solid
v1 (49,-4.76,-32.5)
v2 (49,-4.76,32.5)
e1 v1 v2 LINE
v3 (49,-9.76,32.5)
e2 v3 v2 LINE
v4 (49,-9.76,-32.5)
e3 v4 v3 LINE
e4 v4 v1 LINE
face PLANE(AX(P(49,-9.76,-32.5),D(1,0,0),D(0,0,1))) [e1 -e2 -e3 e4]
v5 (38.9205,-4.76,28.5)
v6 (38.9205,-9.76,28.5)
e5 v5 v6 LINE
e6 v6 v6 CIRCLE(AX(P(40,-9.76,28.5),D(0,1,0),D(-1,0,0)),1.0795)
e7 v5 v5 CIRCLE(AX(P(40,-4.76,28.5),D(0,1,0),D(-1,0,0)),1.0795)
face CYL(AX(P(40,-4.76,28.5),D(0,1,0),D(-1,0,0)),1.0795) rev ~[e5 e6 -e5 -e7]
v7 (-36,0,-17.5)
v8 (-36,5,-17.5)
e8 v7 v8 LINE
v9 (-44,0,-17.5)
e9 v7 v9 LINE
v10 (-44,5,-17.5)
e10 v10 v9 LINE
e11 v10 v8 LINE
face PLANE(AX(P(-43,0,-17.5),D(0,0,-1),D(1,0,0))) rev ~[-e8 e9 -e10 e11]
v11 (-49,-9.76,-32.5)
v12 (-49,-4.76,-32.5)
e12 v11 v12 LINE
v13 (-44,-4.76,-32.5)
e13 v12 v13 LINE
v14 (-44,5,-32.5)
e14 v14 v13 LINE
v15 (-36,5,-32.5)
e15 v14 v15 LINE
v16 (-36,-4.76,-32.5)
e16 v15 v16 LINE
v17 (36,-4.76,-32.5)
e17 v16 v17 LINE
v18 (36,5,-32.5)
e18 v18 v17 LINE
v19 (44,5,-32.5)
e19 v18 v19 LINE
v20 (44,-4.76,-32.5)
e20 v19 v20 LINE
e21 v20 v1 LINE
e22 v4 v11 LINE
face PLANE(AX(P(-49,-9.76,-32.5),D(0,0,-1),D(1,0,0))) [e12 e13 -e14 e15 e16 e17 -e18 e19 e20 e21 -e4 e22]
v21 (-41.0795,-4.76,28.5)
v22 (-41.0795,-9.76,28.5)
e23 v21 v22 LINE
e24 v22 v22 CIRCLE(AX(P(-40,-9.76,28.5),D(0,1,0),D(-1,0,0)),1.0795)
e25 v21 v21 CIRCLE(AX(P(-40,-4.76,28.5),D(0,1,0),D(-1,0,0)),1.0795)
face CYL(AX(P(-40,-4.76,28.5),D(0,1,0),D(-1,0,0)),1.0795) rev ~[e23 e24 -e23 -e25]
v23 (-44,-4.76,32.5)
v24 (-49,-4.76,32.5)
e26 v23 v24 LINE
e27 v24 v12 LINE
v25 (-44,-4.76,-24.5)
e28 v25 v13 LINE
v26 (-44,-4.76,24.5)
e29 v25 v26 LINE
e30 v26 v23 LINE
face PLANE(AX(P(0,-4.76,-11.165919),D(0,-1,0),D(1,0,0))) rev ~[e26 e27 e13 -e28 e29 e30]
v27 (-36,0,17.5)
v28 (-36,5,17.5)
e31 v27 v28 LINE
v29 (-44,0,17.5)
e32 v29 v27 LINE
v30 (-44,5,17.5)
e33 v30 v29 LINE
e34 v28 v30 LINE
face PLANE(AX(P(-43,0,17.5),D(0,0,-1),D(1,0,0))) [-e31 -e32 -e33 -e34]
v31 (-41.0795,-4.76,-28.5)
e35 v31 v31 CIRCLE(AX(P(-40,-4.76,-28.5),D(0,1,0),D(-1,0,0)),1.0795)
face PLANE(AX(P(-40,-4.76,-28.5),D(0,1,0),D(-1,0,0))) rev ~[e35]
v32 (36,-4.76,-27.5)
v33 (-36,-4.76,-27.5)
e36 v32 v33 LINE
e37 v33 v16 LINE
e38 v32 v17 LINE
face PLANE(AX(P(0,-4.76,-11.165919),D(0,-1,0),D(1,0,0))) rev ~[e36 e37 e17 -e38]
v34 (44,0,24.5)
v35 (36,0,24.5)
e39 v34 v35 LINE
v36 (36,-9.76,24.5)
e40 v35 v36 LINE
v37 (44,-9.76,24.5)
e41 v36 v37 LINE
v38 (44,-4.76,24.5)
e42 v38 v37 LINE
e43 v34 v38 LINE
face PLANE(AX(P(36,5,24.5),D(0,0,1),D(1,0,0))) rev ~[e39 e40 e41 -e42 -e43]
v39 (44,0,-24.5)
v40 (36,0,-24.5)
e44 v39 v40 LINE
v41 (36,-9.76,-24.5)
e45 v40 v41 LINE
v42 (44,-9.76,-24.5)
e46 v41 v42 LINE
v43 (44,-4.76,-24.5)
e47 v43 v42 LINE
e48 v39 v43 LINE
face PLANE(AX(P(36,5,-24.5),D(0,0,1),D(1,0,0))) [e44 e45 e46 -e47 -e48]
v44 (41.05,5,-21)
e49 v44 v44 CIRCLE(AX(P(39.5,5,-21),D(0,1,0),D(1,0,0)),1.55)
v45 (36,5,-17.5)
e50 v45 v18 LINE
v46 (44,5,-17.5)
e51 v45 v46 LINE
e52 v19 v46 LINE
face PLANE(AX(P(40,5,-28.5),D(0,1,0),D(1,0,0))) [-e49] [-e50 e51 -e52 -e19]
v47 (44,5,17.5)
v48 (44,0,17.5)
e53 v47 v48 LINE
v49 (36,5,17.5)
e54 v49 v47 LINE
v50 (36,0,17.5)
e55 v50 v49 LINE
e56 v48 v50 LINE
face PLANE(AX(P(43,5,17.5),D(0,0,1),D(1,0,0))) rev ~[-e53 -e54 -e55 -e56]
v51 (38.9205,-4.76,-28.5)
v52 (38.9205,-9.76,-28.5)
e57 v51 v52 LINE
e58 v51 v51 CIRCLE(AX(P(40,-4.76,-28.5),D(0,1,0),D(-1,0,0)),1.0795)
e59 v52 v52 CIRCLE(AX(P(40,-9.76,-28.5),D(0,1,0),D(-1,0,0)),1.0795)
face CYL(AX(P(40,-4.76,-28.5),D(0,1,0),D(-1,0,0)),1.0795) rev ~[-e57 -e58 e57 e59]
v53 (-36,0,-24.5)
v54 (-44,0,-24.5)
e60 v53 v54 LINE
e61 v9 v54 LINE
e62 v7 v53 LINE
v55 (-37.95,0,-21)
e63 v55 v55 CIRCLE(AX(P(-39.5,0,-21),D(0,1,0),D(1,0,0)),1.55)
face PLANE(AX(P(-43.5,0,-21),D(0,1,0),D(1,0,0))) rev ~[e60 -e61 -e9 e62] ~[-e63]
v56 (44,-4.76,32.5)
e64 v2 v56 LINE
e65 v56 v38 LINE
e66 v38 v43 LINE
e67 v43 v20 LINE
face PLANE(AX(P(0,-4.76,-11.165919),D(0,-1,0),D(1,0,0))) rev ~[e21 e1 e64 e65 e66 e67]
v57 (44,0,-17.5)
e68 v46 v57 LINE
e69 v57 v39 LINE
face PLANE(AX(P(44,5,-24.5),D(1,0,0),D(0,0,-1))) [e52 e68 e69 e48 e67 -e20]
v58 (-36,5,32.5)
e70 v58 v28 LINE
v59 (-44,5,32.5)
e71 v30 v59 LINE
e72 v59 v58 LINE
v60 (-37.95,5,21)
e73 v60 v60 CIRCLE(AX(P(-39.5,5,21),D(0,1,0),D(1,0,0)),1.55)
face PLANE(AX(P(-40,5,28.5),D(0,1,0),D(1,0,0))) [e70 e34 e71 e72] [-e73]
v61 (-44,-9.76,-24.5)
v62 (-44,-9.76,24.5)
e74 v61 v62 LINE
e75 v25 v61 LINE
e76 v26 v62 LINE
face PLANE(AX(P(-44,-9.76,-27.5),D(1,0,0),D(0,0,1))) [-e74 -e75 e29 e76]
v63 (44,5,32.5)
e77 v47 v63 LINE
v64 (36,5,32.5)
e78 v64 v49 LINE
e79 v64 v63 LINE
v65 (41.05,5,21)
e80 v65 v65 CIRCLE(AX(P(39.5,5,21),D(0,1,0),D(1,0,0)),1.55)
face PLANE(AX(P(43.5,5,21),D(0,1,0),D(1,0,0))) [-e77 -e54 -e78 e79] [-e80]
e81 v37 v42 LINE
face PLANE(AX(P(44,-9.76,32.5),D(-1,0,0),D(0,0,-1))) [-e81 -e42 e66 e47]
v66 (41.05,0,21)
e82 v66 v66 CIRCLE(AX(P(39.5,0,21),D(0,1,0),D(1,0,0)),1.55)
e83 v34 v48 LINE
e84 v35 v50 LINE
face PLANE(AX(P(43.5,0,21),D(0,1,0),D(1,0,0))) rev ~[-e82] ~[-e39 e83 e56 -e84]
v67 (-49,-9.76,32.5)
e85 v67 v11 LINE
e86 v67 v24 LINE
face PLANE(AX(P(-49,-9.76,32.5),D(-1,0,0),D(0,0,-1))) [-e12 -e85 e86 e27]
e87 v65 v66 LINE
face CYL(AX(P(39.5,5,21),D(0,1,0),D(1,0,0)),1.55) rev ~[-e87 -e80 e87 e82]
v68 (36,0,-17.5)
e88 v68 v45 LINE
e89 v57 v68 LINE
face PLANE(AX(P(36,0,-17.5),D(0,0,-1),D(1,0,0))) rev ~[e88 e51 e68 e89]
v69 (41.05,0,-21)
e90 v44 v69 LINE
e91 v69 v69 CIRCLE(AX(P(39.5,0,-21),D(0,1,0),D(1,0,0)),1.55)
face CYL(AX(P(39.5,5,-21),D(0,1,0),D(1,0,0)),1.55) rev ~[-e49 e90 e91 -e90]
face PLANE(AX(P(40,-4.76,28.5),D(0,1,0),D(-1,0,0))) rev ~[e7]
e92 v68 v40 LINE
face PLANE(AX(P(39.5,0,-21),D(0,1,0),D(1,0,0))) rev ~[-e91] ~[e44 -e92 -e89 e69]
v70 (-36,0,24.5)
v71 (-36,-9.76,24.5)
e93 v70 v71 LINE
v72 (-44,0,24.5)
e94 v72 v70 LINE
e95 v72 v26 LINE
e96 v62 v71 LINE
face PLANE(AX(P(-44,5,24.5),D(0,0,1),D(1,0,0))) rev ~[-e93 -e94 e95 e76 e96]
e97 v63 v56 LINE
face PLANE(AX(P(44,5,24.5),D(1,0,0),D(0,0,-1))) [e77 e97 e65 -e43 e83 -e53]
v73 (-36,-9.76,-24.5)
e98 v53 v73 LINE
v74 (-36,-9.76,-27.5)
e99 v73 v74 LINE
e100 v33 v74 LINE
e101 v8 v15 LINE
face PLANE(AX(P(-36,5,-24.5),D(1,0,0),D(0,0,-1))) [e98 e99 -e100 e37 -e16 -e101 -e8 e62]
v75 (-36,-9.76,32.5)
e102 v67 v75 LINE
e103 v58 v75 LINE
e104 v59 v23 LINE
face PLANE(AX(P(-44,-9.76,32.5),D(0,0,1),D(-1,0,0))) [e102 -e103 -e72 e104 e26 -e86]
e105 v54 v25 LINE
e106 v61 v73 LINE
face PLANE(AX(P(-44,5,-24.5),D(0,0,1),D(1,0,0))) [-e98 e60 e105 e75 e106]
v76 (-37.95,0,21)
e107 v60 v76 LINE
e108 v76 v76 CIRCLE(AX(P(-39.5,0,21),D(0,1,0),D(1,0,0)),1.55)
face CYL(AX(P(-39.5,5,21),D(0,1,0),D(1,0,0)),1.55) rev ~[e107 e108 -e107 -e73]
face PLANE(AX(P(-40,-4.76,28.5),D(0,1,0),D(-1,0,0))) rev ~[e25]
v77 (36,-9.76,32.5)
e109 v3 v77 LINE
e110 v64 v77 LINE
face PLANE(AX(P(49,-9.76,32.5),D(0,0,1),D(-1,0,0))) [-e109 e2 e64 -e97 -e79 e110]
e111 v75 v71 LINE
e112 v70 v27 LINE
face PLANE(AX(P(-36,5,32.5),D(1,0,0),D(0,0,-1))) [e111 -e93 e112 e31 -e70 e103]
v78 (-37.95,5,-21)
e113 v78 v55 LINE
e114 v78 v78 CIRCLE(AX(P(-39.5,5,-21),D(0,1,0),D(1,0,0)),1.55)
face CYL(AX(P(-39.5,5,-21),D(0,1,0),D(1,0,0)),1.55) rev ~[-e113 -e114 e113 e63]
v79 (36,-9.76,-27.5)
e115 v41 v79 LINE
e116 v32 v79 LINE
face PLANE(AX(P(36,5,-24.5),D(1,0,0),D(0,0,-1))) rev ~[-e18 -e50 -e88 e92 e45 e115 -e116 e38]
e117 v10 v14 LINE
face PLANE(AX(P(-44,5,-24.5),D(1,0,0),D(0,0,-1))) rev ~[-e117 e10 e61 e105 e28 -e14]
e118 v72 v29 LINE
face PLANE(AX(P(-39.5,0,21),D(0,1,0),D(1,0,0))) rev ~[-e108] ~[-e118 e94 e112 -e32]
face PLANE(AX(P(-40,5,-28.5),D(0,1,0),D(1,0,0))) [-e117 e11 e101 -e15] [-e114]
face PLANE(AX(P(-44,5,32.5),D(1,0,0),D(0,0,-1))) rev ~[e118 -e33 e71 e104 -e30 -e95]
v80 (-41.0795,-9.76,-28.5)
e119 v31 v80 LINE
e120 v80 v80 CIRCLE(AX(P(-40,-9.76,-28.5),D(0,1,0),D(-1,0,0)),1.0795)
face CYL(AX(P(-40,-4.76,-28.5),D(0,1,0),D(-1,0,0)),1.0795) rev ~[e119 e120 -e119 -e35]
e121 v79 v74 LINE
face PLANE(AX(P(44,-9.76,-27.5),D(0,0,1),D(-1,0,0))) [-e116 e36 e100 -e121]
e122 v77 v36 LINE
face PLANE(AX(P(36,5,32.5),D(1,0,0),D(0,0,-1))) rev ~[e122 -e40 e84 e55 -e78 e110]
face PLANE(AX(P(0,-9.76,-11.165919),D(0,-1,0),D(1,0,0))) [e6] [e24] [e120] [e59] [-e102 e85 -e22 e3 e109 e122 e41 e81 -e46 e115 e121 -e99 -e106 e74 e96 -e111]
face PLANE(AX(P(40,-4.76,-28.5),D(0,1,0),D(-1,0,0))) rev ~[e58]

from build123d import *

# Parameters (mm, degrees)
SKETCH1_W             = 7
SKETCH1_H             = 7
BOSS_EXTRUDE1_DEPTH   = 5
BOSS_EXTRUDE1_2_DEPTH = 5
BOSS_EXTRUDE1_3_DEPTH = 5
BOSS_EXTRUDE1_4_DEPTH = 5
SKETCH2_R             = 1.55
CUT_EXTRUDE1_DEPTH    = 6
SKETCH4_W             = 8
SKETCH4_H             = 8
BOSS_EXTRUDE3_DEPTH   = 14.76
BOSS_EXTRUDE4_DEPTH   = 5
SKETCH6_R             = 1.0795
CUT_EXTRUDE2_DEPTH    = 10
SKETCH7_W             = 1
SKETCH7_H             = 7
BOSS_EXTRUDE5_DEPTH   = 5


with BuildPart() as part:
    # Sketch1 → Boss-Extrude1 (new body)
    with BuildSketch(Plane(origin=(0, 0, 0), x_dir=(1, 0, 0), z_dir=(0, 1, 0))):
        with Locations((-39.5, 21)):
            Rectangle(SKETCH1_W, SKETCH1_H)
    extrude(amount=BOSS_EXTRUDE1_DEPTH)


with BuildPart() as body_2:
    # Sketch1 → Boss-Extrude1 2 (new body)
    with BuildSketch(Plane(origin=(0, 0, 0), x_dir=(1, 0, 0), z_dir=(0, 1, 0))):
        with Locations((39.5, 21)):
            Rectangle(SKETCH1_W, SKETCH1_H)
    extrude(amount=BOSS_EXTRUDE1_2_DEPTH)


with BuildPart() as body_3:
    # Sketch1 → Boss-Extrude1 3 (new body)
    with BuildSketch(Plane(origin=(0, 0, 0), x_dir=(1, 0, 0), z_dir=(0, 1, 0))):
        with Locations((-39.5, -21)):
            Rectangle(SKETCH1_W, SKETCH1_H)
    extrude(amount=BOSS_EXTRUDE1_3_DEPTH)


with BuildPart() as body_4:
    # Sketch1 → Boss-Extrude1 4 (new body)
    with BuildSketch(Plane(origin=(0, 0, 0), x_dir=(1, 0, 0), z_dir=(0, 1, 0))):
        with Locations((39.5, -21)):
            Rectangle(SKETCH1_W, SKETCH1_H)
    extrude(amount=BOSS_EXTRUDE1_4_DEPTH)


with BuildPart() as cut_extrude1_tool:
    # Sketch2 → Cut-Extrude1 (new body, through all)
    with BuildSketch(Plane(origin=(0, 5, 0), x_dir=(1, 0, 0), z_dir=(0, 1, 0))):
        with Locations((-39.5, 21)):
            Circle(SKETCH2_R)
        with Locations((39.5, 21)):
            Circle(SKETCH2_R)
        with Locations((39.5, -21)):
            Circle(SKETCH2_R)
        with Locations((-39.5, -21)):
            Circle(SKETCH2_R)
    extrude(amount=-CUT_EXTRUDE1_DEPTH)


with BuildPart() as part_1:
    add(part.part)

    # Cut-Extrude1: cut by cut_extrude1_tool
    add(cut_extrude1_tool.part, mode=Mode.SUBTRACT)



with BuildPart() as body_2_1:
    add(body_2.part)

    # Cut-Extrude1: cut by cut_extrude1_tool
    add(cut_extrude1_tool.part, mode=Mode.SUBTRACT)


with BuildPart() as body_3_1:
    add(body_3.part)

    # Cut-Extrude1: cut by cut_extrude1_tool
    add(cut_extrude1_tool.part, mode=Mode.SUBTRACT)


with BuildPart() as body_4_1:
    add(body_4.part)

    # Cut-Extrude1: cut by cut_extrude1_tool
    add(cut_extrude1_tool.part, mode=Mode.SUBTRACT)


with BuildPart() as part_2:
    add(part_1.part)

    add(body_2_1.part)  # Boss-Extrude3 merges body 2

    add(body_3_1.part)  # Boss-Extrude3 merges body 3

    add(body_4_1.part)  # Boss-Extrude3 merges body 4
    # Sketch4 → Boss-Extrude3 (add)
    with BuildSketch(Plane(origin=(0, 5, 0), x_dir=(1, 0, 0), z_dir=(0, 1, 0))):
        with Locations((40, 28.5)):
            Rectangle(SKETCH4_W, SKETCH4_H)
        with Locations((40, -28.5)):
            Rectangle(SKETCH4_W, SKETCH4_H)
        with Locations((-40, -28.5)):
            Rectangle(SKETCH4_W, SKETCH4_H)
        with Locations((-40, 28.5)):
            Rectangle(SKETCH4_W, SKETCH4_H)
    extrude(amount=-BOSS_EXTRUDE3_DEPTH)

    # Sketch5 → Boss-Extrude4 (add)
    with BuildSketch(Plane.XZ.offset(9.76)):
        Polygon((-49, 32.5), (-49, -32.5), (49, -32.5), (49, 32.5), (44, 32.5), (44, -27.5), (-44, -27.5), (-44, 32.5), align=None)
    extrude(amount=-BOSS_EXTRUDE4_DEPTH)

    # Sketch6 → Cut-Extrude2 (cut)
    with BuildSketch(Plane(origin=(0, -4.76, 0), x_dir=(-1, 0, 0), z_dir=(0, 1, 0))):
        with Locations((40, 28.5)):
            Circle(SKETCH6_R)
        with Locations((40, -28.5)):
            Circle(SKETCH6_R)
        with Locations((-40, -28.5)):
            Circle(SKETCH6_R)
        with Locations((-40, 28.5)):
            Circle(SKETCH6_R)
    extrude(amount=-CUT_EXTRUDE2_DEPTH, mode=Mode.SUBTRACT)

    # Sketch7 → Boss-Extrude5 (add)
    with BuildSketch(Plane(origin=(0, 5, 0), x_dir=(1, 0, 0), z_dir=(0, 1, 0))):
        with Locations((43.5, -21)):
            Rectangle(SKETCH7_W, SKETCH7_H)
        with Locations((43.5, 21)):
            Rectangle(SKETCH7_W, SKETCH7_H)
        with Locations((-43.5, 21)):
            Rectangle(SKETCH7_W, SKETCH7_H)
        with Locations((-43.5, -21)):
            Rectangle(SKETCH7_W, SKETCH7_H)
    extrude(amount=-BOSS_EXTRUDE5_DEPTH)


solid = part_2.part
